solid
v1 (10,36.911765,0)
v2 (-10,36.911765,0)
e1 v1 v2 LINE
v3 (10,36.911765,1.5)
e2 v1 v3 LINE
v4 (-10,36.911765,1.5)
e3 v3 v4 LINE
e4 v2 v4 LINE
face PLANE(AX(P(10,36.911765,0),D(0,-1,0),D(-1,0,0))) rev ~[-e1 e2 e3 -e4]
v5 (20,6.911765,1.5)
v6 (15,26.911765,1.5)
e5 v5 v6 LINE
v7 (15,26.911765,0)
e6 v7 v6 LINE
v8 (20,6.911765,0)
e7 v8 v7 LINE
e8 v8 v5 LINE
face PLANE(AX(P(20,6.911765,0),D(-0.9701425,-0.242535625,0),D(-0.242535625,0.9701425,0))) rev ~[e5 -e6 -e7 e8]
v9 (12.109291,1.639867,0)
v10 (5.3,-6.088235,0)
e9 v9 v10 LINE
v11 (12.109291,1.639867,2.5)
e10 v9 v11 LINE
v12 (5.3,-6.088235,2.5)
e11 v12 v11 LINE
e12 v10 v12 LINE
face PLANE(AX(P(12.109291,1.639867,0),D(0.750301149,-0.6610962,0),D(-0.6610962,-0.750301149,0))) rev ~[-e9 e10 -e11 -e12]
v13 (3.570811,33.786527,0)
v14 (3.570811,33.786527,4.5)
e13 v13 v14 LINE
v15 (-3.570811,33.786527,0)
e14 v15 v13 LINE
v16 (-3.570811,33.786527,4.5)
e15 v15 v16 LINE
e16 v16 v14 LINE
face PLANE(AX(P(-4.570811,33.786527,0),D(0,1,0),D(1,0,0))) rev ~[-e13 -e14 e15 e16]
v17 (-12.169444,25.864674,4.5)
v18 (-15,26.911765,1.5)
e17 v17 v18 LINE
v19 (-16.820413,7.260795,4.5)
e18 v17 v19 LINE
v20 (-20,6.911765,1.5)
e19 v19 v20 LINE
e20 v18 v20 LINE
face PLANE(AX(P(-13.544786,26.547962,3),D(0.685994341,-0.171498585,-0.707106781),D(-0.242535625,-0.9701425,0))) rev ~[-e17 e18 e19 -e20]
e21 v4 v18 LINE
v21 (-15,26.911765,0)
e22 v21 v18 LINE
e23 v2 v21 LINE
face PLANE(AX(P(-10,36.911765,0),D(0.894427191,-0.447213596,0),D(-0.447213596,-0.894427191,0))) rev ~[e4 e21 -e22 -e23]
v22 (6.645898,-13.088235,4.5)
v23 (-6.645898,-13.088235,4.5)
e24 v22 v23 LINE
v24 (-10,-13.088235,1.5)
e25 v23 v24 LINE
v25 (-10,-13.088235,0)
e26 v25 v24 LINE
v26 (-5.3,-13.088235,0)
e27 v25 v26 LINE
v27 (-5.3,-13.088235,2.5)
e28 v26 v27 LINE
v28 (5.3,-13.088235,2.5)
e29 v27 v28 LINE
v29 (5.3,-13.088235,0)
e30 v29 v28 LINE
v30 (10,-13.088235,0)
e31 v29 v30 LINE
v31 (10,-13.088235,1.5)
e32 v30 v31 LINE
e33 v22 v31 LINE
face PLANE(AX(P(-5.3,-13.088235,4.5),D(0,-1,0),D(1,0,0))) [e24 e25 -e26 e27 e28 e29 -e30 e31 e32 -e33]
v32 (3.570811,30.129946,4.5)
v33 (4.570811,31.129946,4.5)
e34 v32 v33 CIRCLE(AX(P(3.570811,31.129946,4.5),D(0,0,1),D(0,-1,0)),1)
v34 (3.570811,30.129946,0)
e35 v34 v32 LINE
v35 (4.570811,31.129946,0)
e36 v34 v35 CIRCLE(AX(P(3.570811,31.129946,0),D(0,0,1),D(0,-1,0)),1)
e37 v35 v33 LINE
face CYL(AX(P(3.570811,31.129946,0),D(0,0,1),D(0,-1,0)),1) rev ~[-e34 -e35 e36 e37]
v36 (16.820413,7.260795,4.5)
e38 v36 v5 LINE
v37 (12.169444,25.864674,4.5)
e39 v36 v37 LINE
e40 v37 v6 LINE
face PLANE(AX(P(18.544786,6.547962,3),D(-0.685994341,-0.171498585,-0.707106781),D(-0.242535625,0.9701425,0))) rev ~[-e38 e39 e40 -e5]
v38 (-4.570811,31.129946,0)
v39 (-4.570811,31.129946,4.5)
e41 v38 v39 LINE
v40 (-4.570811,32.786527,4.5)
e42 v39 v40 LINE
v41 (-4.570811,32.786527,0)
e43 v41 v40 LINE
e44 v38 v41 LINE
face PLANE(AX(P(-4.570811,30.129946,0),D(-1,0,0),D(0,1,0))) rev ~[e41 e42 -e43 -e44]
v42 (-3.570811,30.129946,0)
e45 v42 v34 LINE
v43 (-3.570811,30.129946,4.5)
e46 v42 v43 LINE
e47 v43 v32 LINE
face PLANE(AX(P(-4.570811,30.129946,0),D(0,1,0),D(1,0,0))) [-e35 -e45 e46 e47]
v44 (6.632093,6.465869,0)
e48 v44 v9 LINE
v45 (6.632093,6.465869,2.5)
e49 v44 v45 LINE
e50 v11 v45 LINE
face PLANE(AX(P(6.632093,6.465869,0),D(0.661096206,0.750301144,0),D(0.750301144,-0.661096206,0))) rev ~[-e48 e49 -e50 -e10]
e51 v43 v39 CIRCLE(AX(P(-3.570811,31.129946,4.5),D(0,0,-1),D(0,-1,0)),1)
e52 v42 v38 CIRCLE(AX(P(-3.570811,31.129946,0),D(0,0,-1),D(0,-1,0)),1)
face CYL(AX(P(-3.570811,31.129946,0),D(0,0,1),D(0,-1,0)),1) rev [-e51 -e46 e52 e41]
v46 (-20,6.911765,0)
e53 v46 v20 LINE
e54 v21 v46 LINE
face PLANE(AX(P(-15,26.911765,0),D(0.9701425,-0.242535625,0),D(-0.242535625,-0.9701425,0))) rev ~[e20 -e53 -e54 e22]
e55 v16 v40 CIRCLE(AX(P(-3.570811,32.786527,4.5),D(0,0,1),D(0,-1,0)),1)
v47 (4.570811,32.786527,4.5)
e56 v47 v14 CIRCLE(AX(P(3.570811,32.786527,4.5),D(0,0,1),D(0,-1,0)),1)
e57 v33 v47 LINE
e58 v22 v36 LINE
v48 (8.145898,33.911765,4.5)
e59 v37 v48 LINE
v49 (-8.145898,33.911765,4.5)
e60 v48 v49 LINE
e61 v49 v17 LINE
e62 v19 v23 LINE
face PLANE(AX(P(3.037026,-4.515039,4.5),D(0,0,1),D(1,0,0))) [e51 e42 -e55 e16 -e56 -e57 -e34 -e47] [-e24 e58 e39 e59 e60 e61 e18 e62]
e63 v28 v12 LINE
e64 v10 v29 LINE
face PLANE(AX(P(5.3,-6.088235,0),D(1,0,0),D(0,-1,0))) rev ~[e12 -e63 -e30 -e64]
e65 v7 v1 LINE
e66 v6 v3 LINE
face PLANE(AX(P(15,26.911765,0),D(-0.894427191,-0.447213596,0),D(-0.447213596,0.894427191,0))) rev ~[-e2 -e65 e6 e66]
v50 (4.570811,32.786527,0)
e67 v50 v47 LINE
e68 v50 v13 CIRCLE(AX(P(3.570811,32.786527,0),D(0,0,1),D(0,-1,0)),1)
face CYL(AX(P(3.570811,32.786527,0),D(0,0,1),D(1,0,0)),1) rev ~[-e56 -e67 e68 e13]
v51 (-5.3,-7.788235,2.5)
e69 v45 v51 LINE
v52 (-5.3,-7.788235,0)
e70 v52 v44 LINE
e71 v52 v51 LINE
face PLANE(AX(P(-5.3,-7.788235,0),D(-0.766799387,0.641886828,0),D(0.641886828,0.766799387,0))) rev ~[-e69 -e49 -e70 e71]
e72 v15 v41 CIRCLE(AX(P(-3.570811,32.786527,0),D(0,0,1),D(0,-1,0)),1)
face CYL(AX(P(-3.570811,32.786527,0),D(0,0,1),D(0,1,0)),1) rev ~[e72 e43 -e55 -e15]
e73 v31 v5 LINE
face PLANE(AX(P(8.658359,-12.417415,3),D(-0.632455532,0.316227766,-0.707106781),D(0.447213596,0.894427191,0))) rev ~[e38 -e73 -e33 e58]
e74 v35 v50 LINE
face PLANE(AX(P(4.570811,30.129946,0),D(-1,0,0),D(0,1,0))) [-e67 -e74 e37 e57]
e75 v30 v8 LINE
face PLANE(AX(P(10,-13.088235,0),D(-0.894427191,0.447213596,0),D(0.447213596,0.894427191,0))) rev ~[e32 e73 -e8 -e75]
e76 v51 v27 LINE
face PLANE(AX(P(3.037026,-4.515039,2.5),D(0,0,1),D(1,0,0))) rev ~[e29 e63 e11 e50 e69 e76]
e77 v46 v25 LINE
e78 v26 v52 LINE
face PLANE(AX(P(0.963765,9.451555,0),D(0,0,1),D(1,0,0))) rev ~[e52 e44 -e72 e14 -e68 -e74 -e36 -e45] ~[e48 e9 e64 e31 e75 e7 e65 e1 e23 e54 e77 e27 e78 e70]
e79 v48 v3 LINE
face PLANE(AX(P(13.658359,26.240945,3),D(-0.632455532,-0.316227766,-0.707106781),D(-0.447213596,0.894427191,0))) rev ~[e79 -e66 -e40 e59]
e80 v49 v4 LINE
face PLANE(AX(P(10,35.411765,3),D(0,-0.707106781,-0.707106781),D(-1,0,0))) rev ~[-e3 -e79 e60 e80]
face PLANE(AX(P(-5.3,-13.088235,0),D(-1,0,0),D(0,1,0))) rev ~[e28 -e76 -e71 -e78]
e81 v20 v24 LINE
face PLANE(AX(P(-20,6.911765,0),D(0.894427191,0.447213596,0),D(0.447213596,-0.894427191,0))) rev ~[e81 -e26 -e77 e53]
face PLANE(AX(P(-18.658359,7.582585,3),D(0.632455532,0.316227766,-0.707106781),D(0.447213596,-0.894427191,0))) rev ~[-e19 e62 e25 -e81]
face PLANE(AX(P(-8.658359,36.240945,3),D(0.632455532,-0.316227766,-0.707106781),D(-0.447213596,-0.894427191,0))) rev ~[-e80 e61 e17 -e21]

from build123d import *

# Parameters (mm, degrees)
F0_W     = 9.141622
F0_H     = 3.656581
F1_DEPTH = 4.5
F3_DEPTH = 2
F4_SIZE  = 3
F5_R     = 1


with BuildPart() as f1:
    # F0 (on Top) → F1 (new body)
    with BuildSketch(Plane.XY):
        Polygon((10, 36.911765), (-10, 36.911765), (-15, 26.911765), (-20, 6.911765), (-10, -13.088235), (-5.3, -13.088235), (-5.3, -7.788235), (6.632093, 6.465869), (12.109291, 1.639867), (5.3, -6.088235), (5.3, -13.088235), (10, -13.088235), (20, 6.911765), (15, 26.911765), align=None)
        with Locations((0, 31.958237)):
            Rectangle(F0_W, F0_H, mode=Mode.SUBTRACT)
    extrude(amount=F1_DEPTH)

    # F2 (on face) → F3 (join)
    with BuildSketch(Plane.XY.offset(4.5)):
        Polygon((-5.3, -7.788235), (-5.3, -13.088235), (5.3, -13.088235), (5.3, -6.088235), (12.109291, 1.639867), (6.632093, 6.465869), align=None)
    extrude(amount=-F3_DEPTH)

    # F4
    f4_edges = [f1.edges().sort_by_distance(p)[0] for p in [
        (15, -3.088235, 4.5),
        (17.5, 16.911765, 4.5),
        (-15, -3.088235, 4.5),
        (-17.5, 16.911765, 4.5),
        (-12.5, 31.911765, 4.5),
        (0, 36.911765, 4.5),
        (12.5, 31.911765, 4.5),
    ]]
    chamfer(f4_edges, length=F4_SIZE)

    # F5
    f5_edges = [f1.edges().sort_by_distance(p)[0] for p in [
        (4.570811, 30.129947, 2.25),
        (-4.570811, 30.129947, 2.25),
        (-4.570811, 33.786528, 2.25),
        (4.570811, 33.786528, 2.25),
    ]]
    fillet(f5_edges, radius=F5_R)


solid = f1.part
